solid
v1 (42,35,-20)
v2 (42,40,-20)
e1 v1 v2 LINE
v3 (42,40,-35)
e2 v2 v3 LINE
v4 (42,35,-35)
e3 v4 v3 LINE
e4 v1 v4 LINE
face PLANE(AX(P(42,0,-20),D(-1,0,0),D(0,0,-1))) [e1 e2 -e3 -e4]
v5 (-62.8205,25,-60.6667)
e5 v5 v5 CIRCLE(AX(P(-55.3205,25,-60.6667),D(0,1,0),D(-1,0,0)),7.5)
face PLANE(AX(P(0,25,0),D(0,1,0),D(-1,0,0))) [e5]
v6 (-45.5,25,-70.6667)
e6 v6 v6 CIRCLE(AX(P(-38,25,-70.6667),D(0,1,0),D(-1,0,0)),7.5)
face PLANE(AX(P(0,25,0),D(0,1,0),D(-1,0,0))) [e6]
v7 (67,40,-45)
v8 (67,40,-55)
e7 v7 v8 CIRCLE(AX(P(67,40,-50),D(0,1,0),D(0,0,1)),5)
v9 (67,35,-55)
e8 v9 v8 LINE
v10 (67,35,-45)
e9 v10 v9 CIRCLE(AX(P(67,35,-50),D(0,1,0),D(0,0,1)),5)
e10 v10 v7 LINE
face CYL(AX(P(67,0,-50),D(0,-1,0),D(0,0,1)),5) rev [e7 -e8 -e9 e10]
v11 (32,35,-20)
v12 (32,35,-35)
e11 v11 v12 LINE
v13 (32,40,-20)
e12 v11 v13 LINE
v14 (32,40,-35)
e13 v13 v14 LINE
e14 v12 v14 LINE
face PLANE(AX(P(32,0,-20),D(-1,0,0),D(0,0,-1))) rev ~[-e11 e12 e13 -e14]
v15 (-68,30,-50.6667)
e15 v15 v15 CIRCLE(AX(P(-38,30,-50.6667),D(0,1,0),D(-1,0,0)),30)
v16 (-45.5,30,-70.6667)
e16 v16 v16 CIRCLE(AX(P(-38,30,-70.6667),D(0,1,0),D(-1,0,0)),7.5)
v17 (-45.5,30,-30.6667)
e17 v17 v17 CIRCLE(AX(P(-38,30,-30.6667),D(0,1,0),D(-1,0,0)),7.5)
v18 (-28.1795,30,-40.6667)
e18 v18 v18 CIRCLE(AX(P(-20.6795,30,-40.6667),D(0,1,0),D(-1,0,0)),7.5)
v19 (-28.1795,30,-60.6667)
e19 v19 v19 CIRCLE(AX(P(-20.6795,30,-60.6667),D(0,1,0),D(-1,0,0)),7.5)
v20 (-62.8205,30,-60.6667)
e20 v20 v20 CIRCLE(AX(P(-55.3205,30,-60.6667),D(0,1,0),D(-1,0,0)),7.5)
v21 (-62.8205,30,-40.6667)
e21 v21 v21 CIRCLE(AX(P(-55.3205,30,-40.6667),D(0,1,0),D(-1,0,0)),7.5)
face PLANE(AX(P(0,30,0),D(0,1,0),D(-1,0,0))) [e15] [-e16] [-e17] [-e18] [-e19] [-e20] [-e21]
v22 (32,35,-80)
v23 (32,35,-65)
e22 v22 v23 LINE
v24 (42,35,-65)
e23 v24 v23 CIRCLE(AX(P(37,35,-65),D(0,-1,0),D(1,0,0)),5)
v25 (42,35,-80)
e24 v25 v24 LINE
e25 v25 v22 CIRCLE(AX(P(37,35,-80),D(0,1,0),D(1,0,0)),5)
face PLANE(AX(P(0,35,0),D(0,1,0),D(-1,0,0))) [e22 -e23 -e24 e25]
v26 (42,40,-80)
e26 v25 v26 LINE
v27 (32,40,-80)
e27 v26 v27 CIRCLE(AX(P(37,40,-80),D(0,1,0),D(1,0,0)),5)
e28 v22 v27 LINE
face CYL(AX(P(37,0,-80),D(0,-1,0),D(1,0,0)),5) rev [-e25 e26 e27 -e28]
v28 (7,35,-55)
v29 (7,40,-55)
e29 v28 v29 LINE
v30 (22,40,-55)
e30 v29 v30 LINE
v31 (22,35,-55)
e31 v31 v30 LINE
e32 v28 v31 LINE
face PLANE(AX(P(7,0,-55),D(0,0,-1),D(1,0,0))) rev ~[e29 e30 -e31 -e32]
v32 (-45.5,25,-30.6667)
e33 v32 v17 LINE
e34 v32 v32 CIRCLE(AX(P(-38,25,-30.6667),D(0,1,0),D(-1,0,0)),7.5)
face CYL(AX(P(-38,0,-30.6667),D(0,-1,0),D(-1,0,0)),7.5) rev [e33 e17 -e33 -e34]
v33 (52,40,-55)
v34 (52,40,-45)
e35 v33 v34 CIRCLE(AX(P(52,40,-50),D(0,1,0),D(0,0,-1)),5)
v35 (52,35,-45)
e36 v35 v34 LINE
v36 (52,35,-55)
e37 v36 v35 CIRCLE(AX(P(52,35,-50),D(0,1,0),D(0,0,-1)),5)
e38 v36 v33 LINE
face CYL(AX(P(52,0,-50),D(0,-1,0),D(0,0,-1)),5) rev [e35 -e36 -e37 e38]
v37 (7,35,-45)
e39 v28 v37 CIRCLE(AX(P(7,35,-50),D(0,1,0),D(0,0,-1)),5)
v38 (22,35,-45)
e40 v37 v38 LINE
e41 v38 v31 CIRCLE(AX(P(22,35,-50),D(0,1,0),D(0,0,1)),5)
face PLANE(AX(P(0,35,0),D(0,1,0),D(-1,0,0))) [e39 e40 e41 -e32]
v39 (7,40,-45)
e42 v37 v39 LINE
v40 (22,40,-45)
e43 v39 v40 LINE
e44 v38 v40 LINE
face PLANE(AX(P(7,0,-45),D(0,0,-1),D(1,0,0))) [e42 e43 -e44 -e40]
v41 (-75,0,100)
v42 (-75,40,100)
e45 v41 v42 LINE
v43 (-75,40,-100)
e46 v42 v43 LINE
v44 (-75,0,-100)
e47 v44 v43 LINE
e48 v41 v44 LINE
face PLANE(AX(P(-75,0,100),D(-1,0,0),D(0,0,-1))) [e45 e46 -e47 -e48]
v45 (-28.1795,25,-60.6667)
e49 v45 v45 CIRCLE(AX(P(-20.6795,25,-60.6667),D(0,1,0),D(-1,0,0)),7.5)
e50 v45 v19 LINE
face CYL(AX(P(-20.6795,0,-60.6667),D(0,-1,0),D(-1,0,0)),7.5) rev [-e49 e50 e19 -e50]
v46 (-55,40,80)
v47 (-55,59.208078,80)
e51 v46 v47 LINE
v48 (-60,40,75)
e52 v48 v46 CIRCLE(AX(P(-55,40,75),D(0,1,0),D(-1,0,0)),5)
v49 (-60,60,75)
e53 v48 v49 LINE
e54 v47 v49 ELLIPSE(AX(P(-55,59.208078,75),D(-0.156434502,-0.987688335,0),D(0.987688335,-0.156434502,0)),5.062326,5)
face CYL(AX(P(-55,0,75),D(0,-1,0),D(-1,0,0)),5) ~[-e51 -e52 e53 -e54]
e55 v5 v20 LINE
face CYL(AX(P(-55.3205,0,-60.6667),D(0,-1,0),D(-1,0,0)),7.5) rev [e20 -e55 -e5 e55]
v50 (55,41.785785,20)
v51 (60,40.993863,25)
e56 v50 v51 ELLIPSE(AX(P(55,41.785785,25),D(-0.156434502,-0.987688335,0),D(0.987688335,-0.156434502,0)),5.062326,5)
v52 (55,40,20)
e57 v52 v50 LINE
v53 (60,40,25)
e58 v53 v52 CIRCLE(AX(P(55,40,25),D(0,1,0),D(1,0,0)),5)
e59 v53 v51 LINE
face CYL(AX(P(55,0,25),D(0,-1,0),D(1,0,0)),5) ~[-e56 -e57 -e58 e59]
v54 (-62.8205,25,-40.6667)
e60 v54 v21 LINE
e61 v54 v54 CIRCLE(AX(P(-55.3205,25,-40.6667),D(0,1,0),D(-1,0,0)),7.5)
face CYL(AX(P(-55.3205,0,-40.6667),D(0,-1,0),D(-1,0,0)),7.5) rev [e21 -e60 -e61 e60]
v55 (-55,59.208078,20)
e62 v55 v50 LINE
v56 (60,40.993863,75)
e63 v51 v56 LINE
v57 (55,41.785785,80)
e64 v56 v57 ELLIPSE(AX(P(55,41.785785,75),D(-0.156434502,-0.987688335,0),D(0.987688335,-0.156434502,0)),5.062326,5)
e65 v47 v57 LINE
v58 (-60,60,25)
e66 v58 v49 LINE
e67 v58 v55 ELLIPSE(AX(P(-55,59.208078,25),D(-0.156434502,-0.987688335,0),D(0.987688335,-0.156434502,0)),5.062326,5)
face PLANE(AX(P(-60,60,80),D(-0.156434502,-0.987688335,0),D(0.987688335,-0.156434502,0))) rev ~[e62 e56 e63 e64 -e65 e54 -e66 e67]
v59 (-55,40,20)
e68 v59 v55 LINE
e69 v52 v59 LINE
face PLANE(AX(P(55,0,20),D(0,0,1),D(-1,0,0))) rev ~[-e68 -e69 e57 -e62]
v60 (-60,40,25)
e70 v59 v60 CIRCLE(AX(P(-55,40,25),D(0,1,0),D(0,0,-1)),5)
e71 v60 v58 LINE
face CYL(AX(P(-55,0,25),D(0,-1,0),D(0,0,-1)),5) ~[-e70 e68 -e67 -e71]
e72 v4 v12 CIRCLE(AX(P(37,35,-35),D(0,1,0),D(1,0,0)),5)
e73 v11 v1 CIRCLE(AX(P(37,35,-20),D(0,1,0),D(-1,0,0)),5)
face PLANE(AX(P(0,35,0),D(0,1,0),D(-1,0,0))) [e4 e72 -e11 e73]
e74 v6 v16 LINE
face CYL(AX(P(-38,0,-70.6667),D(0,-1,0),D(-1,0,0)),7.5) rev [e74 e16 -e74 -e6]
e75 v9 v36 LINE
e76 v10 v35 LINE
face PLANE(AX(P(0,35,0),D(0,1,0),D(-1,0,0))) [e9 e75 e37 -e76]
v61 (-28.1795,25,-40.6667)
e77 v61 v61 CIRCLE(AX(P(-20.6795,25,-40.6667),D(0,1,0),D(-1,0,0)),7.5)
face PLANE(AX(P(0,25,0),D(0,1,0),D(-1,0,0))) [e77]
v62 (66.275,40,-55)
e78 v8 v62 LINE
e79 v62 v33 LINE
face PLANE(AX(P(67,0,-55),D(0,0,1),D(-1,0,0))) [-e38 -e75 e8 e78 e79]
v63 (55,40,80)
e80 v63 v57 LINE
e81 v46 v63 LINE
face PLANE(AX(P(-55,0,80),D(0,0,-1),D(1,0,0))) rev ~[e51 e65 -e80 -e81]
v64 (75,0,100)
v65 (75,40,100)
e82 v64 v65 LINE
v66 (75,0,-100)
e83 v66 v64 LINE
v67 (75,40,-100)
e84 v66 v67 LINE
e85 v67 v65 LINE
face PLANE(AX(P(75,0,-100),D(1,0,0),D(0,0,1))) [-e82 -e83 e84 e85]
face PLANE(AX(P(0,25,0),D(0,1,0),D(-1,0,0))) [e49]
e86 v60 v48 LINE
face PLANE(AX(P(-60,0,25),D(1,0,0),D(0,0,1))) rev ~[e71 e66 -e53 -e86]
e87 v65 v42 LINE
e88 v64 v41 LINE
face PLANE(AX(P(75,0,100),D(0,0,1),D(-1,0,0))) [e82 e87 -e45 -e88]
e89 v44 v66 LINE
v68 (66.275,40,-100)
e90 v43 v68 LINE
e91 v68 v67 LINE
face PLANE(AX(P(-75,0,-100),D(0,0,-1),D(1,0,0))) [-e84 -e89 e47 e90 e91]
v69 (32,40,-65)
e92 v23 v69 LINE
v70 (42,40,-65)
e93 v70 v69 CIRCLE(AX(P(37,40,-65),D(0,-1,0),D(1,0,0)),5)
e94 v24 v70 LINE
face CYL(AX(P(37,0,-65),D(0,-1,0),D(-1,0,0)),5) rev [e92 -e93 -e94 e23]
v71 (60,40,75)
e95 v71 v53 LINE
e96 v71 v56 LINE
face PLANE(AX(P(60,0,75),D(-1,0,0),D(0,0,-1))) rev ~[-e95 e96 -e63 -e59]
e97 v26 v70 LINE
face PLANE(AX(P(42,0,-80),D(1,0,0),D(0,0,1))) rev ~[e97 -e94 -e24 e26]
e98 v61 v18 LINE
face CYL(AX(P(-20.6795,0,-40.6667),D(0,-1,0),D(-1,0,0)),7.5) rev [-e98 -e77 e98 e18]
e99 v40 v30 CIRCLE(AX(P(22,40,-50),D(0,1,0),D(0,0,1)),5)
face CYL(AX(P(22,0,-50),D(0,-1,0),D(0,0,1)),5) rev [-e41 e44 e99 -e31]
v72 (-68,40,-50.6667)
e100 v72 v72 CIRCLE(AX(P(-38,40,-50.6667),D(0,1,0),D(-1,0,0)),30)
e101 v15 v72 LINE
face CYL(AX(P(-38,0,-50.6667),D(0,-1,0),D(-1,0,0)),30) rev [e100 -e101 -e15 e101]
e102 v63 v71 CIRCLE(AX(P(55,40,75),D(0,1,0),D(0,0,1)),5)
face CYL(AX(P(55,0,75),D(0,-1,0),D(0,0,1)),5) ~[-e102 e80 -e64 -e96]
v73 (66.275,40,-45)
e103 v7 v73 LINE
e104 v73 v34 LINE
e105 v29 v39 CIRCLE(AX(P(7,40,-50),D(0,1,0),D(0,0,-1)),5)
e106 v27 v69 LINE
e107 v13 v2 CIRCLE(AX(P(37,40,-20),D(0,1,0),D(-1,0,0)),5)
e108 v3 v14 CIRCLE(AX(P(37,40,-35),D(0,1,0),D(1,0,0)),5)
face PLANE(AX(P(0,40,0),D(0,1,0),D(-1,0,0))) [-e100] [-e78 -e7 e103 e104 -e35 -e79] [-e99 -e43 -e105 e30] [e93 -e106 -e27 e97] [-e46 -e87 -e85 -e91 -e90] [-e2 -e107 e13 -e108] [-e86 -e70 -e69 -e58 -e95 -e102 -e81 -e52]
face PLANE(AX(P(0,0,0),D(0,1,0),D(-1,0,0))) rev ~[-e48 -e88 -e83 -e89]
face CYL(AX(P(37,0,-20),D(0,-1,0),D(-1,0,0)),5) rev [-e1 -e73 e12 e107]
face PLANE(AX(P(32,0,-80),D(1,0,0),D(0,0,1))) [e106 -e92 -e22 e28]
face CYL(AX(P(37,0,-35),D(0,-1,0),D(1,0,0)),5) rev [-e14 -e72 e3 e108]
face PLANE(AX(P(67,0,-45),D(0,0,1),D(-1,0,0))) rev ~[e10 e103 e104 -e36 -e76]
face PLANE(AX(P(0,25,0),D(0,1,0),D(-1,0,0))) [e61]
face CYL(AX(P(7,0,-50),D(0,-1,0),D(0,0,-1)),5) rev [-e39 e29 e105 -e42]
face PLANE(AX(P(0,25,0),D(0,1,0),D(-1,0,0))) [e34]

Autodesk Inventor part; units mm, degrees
ref_plane "YZ Plane" through (0, 0, 0) normal (1, 0, 0) x (0, 1, 0)
ref_plane "XZ Plane" through (0, 0, 0) normal (0, 1, 0) x (-1, 0, 0)
sketch "Sketch1" plane through (0, 0, 0) normal (0, 1, 0) x (-1, 0, 0)
  line L0 (75, -100) -> (-75, -100)
  line L1 (-75, -100) -> (-75, 100)
  line L2 (-75, 100) -> (75, 100)
  line L3 (75, 100) -> (75, -100)
  line L4 (75, -100) -> (-75, 100) construction
  line L5 (-75, -100) -> (75, 100) construction
  line L6 (55, 80) -> (-55, 80)
  line L7 (-60, 75) -> (-60, 25)
  line L8 (-55, 20) -> (55, 20)
  line L9 (60, 25) -> (60, 75)
  line L10 (60, 80) -> (-60, 20) construction
  line L11 (-60, 80) -> (60, 20) construction
  circle A0 centre (38, -50.6667) radius 30
  circle A1 centre (38, -70.6667) radius 7.5
  circle A2 centre (55.3205, -60.6667) radius 7.5
  circle A3 centre (55.3205, -40.6667) radius 7.5
  circle A4 centre (38, -30.6667) radius 7.5
  circle A5 centre (20.6795, -40.6667) radius 7.5
  circle A6 centre (20.6795, -60.6667) radius 7.5
  arc A7 (55, 20) -> (60, 25) centre (55, 25) ccw
  arc A8 (60, 75) -> (55, 80) centre (55, 75) ccw
  arc A9 (-55, 80) -> (-60, 75) centre (-55, 75) ccw
  arc A10 (-60, 25) -> (-55, 20) centre (-55, 25) ccw
  arc A11 (-42, -64.1421) -> (-41.9301, -64.1667) centre (-37, -50) ccw
  arc A12 (-22, -45) -> (-22, -55) centre (-22, -50) ccw
  arc A13 (-7, -55) -> (-7, -45) centre (-7, -50) ccw
  line L12 (-7, -45) -> (-22, -45)
  line L13 (-7, -55) -> (-22, -55)
  line L14 (-42, -20) -> (-42, -35)
  arc A14 (-42, -35) -> (-32, -35) centre (-37, -35) ccw
  line L15 (-32, -20) -> (-32, -35)
  arc A15 (-32, -20) -> (-42, -20) centre (-37, -20) ccw
  line L16 (-67, -55) -> (-52, -55)
  arc A16 (-52, -55) -> (-52, -45) centre (-52, -50) ccw
  line L17 (-67, -45) -> (-52, -45)
  arc A17 (-67, -45) -> (-67, -55) centre (-67, -50) ccw
  line L18 (-32, -80) -> (-32, -65)
  arc A18 (-32, -65) -> (-42, -65) centre (-37, -65) ccw
  line L19 (-42, -80) -> (-42, -65)
  arc A19 (-42, -80) -> (-32, -80) centre (-37, -80) ccw
  point P0 (0, 0)
  point P1 (0, 50)
  dimension "d0" = 150
  dimension "d1" = 200
  dimension "d2" = 50
  dimension "d3" = 75
  dimension "d4" = 60
  dimension "d5" = 120
  dimension "d29" = 15
  dimension "d30" = 20
  dimension "d33" = 360
  dimension "d35" = 5
  dimension "d36" = 5
  dimension "d37" = 30
  dimension "d38" = 100
  dimension "d39" = 38
  dimension "d42" = 15
  dimension "d45" = 360
  dimension "d47" = 75
  dimension "d62" = 60
  dimension "d63" = 5
  dimension "d64" = 5
extrude "Extrusion1" add sketch "Sketch1" along normal blind 40 contours L0 L1 L2 L3
extrude "Extrusion2" add sketch "Sketch1" along normal blind 60 contours A8 L9 A7 L8 A10 L7 A9 L6
extrude "Extrusion3" add sketch "Sketch1" along normal blind 30 contours A0
extrude "Extrusion4" add sketch "Sketch1" along normal blind 35 contours L12 A13 L13 A12 | A15 L15 A14 L14 | A17 L17 A16 L16 | A19 L19 A18 L18
extrude "Extrusion5" add sketch "Sketch1" along normal blind 25 contours A1 | A2 | A3 | A4 | A5 | A6
ref_plane "Work Plane1" through (-55, 40, 80) normal (0, 0, 1) x (1, 0, 0)
sketch "Sketch2" plane through (-55, 40, 80) normal (0, 0, 1) x (1, 0, 0)
  line L0 (-5, 0) -> (-5, 20) projected
  line L1 (-5, 20) -> (121.275, 0)
  line L2 (-5, 20) -> (122.8491, 20) construction
  line L3 (121.275, 0) -> (121.275, 40.187)
  line L4 (122, 0) -> (127, 0) projected
  line L5 (121.275, 40.187) -> (-5, 40.187)
  line L6 (-5, 40.187) -> (-5, 20)
  point P0 (55, -40)
  dimension "d59" = 9
extrude "Extrusion6" cut sketch "Sketch2" against normal through all
properties part number "Tarefa 4" material "Glass"
